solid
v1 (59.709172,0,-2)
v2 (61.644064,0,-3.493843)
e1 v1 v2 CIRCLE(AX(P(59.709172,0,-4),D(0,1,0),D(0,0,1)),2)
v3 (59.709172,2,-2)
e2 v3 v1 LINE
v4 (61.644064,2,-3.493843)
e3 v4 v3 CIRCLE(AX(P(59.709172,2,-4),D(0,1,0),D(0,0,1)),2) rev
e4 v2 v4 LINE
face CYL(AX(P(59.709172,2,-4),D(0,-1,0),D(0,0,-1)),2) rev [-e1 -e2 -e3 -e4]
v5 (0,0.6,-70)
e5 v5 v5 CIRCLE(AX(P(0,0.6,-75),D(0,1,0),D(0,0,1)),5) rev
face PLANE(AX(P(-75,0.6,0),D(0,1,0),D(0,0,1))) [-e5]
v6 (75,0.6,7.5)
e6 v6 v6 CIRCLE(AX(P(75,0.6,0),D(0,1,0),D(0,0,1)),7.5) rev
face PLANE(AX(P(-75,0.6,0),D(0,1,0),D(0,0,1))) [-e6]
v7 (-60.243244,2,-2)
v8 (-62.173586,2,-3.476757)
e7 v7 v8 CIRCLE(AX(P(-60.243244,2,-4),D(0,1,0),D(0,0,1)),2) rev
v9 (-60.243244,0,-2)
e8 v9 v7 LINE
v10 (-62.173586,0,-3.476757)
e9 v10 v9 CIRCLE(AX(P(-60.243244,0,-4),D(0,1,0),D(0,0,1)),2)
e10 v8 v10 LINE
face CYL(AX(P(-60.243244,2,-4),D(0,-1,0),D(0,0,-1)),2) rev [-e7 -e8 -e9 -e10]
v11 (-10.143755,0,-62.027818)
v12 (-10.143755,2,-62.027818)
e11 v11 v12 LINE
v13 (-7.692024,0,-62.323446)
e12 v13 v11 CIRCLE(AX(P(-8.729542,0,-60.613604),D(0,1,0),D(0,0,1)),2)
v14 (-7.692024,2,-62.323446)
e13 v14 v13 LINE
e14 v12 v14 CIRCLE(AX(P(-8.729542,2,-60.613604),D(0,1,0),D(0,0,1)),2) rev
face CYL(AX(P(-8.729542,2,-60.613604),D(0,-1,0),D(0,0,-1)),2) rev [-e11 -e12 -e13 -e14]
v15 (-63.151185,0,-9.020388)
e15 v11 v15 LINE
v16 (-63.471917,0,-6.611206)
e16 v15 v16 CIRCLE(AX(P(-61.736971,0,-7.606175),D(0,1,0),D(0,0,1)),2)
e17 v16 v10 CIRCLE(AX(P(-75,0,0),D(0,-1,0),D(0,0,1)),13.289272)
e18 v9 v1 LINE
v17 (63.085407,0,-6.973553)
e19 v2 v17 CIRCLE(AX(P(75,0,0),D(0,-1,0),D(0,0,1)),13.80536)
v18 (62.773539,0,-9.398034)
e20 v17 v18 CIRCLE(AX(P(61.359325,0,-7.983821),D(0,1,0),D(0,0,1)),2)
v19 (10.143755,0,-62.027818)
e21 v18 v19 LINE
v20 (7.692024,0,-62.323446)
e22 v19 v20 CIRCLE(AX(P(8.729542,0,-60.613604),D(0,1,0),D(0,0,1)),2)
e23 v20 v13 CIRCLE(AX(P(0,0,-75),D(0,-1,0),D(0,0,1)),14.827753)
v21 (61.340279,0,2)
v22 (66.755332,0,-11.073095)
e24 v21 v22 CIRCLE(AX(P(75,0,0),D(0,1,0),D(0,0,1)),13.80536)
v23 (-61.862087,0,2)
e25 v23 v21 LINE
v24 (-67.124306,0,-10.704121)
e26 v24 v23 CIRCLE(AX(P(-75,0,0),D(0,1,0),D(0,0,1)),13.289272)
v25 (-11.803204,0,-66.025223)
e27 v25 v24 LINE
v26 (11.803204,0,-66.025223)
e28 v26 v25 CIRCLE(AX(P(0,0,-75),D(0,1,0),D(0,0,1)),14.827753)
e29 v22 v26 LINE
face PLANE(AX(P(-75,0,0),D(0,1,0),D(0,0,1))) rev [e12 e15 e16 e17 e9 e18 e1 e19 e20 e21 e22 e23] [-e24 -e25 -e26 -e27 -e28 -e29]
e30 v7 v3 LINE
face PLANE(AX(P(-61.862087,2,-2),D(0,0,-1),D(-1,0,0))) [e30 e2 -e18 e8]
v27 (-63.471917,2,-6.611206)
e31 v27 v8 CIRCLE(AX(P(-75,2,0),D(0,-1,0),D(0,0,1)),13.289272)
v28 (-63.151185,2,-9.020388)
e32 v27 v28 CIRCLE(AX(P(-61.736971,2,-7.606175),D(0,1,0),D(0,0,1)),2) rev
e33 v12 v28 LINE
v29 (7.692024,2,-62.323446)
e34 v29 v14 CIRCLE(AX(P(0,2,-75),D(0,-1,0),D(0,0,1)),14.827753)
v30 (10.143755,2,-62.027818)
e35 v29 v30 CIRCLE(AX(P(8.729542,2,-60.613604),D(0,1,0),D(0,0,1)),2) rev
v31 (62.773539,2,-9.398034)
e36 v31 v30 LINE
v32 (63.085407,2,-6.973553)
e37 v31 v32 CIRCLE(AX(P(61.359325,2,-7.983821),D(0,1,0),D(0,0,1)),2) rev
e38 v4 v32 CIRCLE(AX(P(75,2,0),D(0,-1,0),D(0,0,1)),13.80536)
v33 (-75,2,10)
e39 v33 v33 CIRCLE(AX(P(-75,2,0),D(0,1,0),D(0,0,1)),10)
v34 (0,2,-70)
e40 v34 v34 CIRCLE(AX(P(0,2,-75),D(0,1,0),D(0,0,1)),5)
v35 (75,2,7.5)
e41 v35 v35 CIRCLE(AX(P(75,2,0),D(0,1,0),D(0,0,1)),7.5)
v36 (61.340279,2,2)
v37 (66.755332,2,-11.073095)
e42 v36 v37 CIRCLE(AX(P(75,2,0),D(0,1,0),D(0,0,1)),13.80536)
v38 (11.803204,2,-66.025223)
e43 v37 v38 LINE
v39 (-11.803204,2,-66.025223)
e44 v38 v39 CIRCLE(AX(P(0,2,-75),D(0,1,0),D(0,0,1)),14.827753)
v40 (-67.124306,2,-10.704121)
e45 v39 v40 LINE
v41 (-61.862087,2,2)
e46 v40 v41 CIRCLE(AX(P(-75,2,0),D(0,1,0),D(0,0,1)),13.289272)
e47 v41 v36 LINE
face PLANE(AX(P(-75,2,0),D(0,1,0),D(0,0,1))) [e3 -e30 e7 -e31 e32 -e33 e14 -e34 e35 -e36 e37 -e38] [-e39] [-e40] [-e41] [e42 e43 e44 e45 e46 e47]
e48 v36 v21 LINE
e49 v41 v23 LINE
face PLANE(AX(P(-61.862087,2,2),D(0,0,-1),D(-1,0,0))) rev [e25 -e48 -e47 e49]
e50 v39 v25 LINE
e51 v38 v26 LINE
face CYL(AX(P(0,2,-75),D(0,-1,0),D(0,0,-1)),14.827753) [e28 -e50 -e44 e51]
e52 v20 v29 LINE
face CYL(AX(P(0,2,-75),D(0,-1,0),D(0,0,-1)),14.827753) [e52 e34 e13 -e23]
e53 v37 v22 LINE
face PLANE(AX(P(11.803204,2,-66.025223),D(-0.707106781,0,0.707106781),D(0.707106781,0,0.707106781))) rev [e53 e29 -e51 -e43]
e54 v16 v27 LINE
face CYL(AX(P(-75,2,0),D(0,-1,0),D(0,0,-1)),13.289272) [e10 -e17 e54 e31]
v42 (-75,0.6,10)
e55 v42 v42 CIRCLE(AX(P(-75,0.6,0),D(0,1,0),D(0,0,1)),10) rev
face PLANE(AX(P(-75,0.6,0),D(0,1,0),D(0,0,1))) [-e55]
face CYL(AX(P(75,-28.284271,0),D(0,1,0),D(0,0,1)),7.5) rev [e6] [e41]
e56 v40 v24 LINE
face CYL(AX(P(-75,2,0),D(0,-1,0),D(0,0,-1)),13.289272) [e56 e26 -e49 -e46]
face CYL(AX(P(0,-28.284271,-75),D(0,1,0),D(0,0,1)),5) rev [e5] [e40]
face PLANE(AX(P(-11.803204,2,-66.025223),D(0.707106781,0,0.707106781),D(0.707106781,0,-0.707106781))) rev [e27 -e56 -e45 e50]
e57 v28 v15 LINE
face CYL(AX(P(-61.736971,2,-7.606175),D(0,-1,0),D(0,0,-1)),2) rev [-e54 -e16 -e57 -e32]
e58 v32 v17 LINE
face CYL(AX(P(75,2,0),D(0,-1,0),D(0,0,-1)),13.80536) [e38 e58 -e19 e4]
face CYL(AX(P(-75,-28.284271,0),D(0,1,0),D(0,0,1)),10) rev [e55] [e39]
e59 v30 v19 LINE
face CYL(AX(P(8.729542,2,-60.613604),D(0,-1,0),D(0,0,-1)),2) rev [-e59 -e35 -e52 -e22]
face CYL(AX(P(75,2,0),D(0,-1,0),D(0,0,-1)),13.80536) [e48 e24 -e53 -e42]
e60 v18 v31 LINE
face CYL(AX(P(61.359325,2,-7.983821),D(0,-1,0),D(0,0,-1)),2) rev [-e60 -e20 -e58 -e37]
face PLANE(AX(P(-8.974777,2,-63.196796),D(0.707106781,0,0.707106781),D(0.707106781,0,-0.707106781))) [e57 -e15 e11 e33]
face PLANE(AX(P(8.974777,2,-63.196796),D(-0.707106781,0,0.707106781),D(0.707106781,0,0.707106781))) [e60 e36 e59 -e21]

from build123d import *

# Parameters (mm, degrees)
AUFSATZ_LINEAR_AUSTRAGEN1_DEPTH = 2
SKIZZE2_R                       = 5
SKIZZE2_R_2                     = 10
SKIZZE2_R_3                     = 7.5
SCHNITT_LINEAR_AUSTRAGEN1_DEPTH = 1.4
VERRUNDUNG1_R                   = 2


with BuildPart() as part:
    # Skizze1 → Aufsatz-Linear austragen1 (new body)
    with BuildSketch(Plane(origin=(0, 0, 0), x_dir=(1, 0, 0), z_dir=(0, 1, 0))):
        with BuildLine():
            Line((-11.803204492, 66.025222633), (-67.124306483, 10.704120642))
            ThreePointArc((-67.124306483, 10.704120642), (-87.277686291, -5.085584176), (-61.862087415, -2))
            Line((-61.862087415, -2), (61.34027937, -2))
            ThreePointArc((61.34027937, -2), (87.754489642, -5.283082591), (66.755332476, 11.073094649))
            Line((66.755332476, 11.073094649), (11.803204492, 66.025222633))
            ThreePointArc((11.803204492, 66.025222633), (0, 89.827753204), (-11.803204492, 66.025222633))
        make_face()
        with BuildLine():
            Line((-8.974777367, 63.196795508), (-64.295879358, 7.875693517))
            ThreePointArc((-64.295879358, 7.875693517), (-62.722313709, 5.085584176), (-61.862087415, 2))
            Line((-61.862087415, 2), (61.34027937, 2))
            ThreePointArc((61.34027937, 2), (62.245510358, 5.283082591), (63.926905351, 8.244667524))
            Line((63.926905351, 8.244667524), (8.974777367, 63.196795508))
            ThreePointArc((8.974777367, 63.196795508), (0, 60.172246796), (-8.974777367, 63.196795508))
        make_face(mode=Mode.SUBTRACT)
    extrude(amount=AUFSATZ_LINEAR_AUSTRAGEN1_DEPTH)

    # Skizze2 → Schnitt-Linear austragen1 (cut)
    with BuildSketch(Plane(origin=(0, 2, 0), x_dir=(1, 0, 0), z_dir=(0, 1, 0))):
        with Locations(Location((0, 75, 0), (0, 0, 270))):
            Circle(SKIZZE2_R)
        with Locations(Location((-75, 0, 0), (0, 0, 270))):
            Circle(SKIZZE2_R_2)
        with Locations(Location((75, 0, 0), (0, 0, 270))):
            Circle(SKIZZE2_R_3)
    extrude(amount=-SCHNITT_LINEAR_AUSTRAGEN1_DEPTH, mode=Mode.SUBTRACT)

    # Verrundung1
    verrundung1_edges = [part.edges().sort_by_distance(p)[0] for p in [
        (-64.295879358, 1, -7.875693517),
        (-61.862087415, 1, -2),
        (61.34027937, 1, -2),
        (63.926905351, 1, -8.244667524),
        (8.974777367, 1, -63.196795508),
        (-8.974777367, 1, -63.196795508),
    ]]
    fillet(verrundung1_edges, radius=VERRUNDUNG1_R)


solid = part.part
